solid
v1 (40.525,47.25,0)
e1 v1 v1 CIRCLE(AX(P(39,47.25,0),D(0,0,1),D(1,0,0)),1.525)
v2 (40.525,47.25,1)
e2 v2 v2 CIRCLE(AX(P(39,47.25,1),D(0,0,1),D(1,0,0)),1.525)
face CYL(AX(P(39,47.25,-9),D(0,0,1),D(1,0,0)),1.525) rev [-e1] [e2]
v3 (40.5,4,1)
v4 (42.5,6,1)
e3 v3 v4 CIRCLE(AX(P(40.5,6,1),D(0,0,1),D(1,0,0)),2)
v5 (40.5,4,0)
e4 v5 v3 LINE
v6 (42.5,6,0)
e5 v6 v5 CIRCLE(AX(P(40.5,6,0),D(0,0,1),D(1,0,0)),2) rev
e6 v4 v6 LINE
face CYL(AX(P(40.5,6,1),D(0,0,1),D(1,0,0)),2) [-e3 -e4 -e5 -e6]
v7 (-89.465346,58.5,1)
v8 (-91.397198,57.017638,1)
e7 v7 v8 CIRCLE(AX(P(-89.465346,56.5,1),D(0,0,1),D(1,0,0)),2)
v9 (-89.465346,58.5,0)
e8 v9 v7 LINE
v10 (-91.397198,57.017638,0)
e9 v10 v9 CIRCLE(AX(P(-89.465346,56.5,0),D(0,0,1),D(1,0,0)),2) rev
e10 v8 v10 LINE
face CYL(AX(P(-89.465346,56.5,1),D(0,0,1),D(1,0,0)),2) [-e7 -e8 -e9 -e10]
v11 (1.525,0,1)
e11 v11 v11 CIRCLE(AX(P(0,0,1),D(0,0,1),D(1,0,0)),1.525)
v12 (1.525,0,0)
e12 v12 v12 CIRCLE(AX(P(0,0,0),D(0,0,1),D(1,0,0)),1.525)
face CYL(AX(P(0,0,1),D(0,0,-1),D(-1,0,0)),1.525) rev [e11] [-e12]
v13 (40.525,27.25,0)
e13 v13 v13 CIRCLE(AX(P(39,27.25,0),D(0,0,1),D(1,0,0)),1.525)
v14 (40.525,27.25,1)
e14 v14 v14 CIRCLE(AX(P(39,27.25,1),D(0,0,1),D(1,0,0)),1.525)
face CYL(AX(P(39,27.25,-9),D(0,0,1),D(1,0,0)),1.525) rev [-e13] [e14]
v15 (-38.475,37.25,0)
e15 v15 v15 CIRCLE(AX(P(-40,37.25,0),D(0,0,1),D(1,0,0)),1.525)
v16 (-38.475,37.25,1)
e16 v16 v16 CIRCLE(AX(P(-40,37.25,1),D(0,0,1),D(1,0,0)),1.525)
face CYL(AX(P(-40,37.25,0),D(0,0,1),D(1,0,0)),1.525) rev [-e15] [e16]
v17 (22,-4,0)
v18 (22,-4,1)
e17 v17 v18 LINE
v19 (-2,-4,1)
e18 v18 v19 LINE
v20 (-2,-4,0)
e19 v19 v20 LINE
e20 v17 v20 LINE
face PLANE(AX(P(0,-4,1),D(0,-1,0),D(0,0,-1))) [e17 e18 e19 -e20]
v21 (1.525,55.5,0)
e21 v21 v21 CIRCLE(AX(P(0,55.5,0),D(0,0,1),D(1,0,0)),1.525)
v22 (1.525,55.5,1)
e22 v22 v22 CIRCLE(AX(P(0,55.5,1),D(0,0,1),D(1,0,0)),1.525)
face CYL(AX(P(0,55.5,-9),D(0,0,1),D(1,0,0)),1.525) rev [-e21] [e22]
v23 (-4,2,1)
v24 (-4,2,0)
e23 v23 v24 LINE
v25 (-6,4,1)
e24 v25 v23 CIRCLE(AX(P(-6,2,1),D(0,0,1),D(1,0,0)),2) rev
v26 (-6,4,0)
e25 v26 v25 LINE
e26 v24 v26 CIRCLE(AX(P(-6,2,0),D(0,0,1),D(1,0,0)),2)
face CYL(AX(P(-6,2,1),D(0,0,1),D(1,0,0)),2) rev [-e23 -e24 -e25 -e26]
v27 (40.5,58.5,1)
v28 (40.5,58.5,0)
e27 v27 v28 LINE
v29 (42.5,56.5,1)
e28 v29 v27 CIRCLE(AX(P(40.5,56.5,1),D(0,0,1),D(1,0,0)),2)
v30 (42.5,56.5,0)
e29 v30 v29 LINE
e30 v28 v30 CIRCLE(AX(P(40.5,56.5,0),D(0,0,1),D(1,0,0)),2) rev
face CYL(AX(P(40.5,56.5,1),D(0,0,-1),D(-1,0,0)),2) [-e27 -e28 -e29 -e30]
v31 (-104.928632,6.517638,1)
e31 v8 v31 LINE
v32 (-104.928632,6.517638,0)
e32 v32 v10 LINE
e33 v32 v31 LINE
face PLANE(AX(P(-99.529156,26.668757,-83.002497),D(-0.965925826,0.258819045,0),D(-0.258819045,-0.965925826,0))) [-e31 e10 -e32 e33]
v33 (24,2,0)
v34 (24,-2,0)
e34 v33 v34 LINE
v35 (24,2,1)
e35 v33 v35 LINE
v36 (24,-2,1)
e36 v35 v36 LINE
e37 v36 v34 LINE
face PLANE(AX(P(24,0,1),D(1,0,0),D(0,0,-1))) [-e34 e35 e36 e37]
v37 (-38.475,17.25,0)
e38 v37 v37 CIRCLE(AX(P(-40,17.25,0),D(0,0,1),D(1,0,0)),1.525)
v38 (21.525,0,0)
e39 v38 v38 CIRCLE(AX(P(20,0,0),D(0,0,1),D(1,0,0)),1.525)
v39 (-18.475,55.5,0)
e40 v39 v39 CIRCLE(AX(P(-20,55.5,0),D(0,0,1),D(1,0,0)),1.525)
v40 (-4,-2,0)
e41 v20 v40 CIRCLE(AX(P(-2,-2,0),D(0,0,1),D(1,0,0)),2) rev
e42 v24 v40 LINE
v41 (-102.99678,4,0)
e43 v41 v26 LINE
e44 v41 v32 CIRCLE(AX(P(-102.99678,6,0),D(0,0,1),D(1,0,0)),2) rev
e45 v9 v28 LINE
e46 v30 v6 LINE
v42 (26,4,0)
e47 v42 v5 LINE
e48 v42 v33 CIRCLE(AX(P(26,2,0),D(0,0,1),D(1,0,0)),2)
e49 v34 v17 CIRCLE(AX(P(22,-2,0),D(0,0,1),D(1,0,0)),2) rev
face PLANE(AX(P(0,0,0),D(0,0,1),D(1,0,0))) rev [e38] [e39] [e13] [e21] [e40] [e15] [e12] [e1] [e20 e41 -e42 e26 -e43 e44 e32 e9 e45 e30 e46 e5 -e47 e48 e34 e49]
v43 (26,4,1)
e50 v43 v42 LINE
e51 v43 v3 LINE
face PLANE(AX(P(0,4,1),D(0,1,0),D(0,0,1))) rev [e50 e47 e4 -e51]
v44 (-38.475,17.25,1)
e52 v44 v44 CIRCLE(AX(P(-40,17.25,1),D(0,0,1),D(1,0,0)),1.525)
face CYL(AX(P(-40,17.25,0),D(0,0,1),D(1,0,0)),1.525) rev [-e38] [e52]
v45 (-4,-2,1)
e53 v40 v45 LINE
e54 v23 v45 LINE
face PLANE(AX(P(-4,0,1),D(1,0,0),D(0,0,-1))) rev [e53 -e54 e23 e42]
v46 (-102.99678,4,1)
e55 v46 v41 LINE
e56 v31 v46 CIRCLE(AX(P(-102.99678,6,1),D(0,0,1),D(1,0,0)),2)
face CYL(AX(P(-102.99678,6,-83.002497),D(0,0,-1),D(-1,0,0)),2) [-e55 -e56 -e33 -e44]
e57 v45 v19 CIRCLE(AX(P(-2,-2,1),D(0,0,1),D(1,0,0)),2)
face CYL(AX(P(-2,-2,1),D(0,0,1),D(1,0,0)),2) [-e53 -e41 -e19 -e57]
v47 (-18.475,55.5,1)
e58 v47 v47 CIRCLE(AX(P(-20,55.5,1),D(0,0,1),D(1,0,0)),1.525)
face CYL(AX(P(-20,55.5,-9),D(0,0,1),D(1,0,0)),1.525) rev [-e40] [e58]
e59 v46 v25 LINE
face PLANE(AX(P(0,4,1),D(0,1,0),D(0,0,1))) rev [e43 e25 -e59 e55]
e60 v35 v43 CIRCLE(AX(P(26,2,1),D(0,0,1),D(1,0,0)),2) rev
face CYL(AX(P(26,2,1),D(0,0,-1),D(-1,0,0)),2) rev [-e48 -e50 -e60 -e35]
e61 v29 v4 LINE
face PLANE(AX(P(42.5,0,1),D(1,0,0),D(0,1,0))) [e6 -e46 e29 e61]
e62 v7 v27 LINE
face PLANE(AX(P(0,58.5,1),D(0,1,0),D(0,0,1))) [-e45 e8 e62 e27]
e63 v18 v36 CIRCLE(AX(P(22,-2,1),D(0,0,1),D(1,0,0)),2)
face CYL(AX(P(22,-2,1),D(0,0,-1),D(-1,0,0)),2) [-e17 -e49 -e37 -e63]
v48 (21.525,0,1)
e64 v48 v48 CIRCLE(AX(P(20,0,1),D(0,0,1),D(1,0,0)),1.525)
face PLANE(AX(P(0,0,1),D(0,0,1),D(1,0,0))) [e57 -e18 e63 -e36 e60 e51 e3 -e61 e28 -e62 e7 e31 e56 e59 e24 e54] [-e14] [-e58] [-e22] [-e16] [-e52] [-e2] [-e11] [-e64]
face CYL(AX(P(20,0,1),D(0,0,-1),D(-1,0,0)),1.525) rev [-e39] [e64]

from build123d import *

# Parameters (mm, degrees)
SKETCH_1_W          = 28
SKETCH_1_H          = 8
SKETCH_1_R          = 1.525
EXTRUDE_1_DEPTH     = 1
SKETCH_2_R          = 1.525
CUT_EXTRUDE_1_DEPTH = 1
FILLET_1_R          = 2
SKETCH_3_R          = 1.525
CUT_EXTRUDE_2_DEPTH = 10
SKETCH_4_R          = 1.525
CUT_EXTRUDE_3_DEPTH = 10
EXTRUDE_2_DEPTH     = 1
FILLET_2_R          = 2


with BuildPart() as part:
    # 草图1 → 凸台-拉伸1 (new body)
    with BuildSketch(Plane.XY):
        Polygon((-4, 4), (24, 4), (42.5, 4), (42.5, 58.5), (-45, 58.5), (-45, 4), align=None)
        with Locations((10, 0)):
            Rectangle(SKETCH_1_W, SKETCH_1_H)
        with Locations((20, 0)):
            Circle(SKETCH_1_R, mode=Mode.SUBTRACT)
        Circle(SKETCH_1_R, mode=Mode.SUBTRACT)
    extrude(amount=EXTRUDE_1_DEPTH)

    # 草图2 → 切除-拉伸1 (cut)
    with BuildSketch(Plane.XY.offset(1)):
        with Locations((-40, 37.25)):
            Circle(SKETCH_2_R)
        with Locations((-40, 17.25)):
            Circle(SKETCH_2_R)
    extrude(amount=-CUT_EXTRUDE_1_DEPTH, mode=Mode.SUBTRACT)

    # 圆角1
    fillet_1_edges = [part.edges().sort_by_distance(p)[0] for p in [
        (42.5, 4, 0.5),
        (24, 4, 0.5),
        (24, -4, 0.5),
        (-4, -4, 0.5),
        (-4, 4, 0.5),
        (-45, 4, 0.5),
        (-45, 58.5, 0.5),
        (42.5, 58.5, 0.5),
    ]]
    fillet(fillet_1_edges, radius=FILLET_1_R)

    # 草图3 → 切除-拉伸2 (cut)
    with BuildSketch(Plane.XY.offset(1)):
        with Locations((39, 47.25)):
            Circle(SKETCH_3_R)
        with Locations((39, 27.25)):
            Circle(SKETCH_3_R)
    extrude(amount=-CUT_EXTRUDE_2_DEPTH, mode=Mode.SUBTRACT)

    # 草图4 → 切除-拉伸3 (cut)
    with BuildSketch(Plane.XY.offset(1)):
        with Locations((-20, 55.5)):
            Circle(SKETCH_4_R)
        with Locations((0, 55.5)):
            Circle(SKETCH_4_R)
    extrude(amount=-CUT_EXTRUDE_3_DEPTH, mode=Mode.SUBTRACT)

    # 草图5 → 凸台-拉伸2 (add)
    with BuildSketch(Plane.XY.offset(1)):
        with BuildLine():
            ThreePointArc((-45, 56.5), (-44.414213562, 57.914213562), (-43, 58.5))
            Line((-43, 58.5), (-91, 58.5))
            Line((-91, 58.5), (-105.603230987, 4))
            Line((-105.603230987, 4), (-43, 4))
            ThreePointArc((-43, 4), (-44.414213562, 4.585786438), (-45, 6))
            Line((-45, 6), (-45, 56.5))
        make_face()
    extrude(amount=-EXTRUDE_2_DEPTH)

    # 圆角2
    fillet_2_edges = [part.edges().sort_by_distance(p)[0] for p in [
        (-91, 58.5, 0.5),
        (-105.603230987, 4, 0.5),
    ]]
    fillet(fillet_2_edges, radius=FILLET_2_R)


solid = part.part
